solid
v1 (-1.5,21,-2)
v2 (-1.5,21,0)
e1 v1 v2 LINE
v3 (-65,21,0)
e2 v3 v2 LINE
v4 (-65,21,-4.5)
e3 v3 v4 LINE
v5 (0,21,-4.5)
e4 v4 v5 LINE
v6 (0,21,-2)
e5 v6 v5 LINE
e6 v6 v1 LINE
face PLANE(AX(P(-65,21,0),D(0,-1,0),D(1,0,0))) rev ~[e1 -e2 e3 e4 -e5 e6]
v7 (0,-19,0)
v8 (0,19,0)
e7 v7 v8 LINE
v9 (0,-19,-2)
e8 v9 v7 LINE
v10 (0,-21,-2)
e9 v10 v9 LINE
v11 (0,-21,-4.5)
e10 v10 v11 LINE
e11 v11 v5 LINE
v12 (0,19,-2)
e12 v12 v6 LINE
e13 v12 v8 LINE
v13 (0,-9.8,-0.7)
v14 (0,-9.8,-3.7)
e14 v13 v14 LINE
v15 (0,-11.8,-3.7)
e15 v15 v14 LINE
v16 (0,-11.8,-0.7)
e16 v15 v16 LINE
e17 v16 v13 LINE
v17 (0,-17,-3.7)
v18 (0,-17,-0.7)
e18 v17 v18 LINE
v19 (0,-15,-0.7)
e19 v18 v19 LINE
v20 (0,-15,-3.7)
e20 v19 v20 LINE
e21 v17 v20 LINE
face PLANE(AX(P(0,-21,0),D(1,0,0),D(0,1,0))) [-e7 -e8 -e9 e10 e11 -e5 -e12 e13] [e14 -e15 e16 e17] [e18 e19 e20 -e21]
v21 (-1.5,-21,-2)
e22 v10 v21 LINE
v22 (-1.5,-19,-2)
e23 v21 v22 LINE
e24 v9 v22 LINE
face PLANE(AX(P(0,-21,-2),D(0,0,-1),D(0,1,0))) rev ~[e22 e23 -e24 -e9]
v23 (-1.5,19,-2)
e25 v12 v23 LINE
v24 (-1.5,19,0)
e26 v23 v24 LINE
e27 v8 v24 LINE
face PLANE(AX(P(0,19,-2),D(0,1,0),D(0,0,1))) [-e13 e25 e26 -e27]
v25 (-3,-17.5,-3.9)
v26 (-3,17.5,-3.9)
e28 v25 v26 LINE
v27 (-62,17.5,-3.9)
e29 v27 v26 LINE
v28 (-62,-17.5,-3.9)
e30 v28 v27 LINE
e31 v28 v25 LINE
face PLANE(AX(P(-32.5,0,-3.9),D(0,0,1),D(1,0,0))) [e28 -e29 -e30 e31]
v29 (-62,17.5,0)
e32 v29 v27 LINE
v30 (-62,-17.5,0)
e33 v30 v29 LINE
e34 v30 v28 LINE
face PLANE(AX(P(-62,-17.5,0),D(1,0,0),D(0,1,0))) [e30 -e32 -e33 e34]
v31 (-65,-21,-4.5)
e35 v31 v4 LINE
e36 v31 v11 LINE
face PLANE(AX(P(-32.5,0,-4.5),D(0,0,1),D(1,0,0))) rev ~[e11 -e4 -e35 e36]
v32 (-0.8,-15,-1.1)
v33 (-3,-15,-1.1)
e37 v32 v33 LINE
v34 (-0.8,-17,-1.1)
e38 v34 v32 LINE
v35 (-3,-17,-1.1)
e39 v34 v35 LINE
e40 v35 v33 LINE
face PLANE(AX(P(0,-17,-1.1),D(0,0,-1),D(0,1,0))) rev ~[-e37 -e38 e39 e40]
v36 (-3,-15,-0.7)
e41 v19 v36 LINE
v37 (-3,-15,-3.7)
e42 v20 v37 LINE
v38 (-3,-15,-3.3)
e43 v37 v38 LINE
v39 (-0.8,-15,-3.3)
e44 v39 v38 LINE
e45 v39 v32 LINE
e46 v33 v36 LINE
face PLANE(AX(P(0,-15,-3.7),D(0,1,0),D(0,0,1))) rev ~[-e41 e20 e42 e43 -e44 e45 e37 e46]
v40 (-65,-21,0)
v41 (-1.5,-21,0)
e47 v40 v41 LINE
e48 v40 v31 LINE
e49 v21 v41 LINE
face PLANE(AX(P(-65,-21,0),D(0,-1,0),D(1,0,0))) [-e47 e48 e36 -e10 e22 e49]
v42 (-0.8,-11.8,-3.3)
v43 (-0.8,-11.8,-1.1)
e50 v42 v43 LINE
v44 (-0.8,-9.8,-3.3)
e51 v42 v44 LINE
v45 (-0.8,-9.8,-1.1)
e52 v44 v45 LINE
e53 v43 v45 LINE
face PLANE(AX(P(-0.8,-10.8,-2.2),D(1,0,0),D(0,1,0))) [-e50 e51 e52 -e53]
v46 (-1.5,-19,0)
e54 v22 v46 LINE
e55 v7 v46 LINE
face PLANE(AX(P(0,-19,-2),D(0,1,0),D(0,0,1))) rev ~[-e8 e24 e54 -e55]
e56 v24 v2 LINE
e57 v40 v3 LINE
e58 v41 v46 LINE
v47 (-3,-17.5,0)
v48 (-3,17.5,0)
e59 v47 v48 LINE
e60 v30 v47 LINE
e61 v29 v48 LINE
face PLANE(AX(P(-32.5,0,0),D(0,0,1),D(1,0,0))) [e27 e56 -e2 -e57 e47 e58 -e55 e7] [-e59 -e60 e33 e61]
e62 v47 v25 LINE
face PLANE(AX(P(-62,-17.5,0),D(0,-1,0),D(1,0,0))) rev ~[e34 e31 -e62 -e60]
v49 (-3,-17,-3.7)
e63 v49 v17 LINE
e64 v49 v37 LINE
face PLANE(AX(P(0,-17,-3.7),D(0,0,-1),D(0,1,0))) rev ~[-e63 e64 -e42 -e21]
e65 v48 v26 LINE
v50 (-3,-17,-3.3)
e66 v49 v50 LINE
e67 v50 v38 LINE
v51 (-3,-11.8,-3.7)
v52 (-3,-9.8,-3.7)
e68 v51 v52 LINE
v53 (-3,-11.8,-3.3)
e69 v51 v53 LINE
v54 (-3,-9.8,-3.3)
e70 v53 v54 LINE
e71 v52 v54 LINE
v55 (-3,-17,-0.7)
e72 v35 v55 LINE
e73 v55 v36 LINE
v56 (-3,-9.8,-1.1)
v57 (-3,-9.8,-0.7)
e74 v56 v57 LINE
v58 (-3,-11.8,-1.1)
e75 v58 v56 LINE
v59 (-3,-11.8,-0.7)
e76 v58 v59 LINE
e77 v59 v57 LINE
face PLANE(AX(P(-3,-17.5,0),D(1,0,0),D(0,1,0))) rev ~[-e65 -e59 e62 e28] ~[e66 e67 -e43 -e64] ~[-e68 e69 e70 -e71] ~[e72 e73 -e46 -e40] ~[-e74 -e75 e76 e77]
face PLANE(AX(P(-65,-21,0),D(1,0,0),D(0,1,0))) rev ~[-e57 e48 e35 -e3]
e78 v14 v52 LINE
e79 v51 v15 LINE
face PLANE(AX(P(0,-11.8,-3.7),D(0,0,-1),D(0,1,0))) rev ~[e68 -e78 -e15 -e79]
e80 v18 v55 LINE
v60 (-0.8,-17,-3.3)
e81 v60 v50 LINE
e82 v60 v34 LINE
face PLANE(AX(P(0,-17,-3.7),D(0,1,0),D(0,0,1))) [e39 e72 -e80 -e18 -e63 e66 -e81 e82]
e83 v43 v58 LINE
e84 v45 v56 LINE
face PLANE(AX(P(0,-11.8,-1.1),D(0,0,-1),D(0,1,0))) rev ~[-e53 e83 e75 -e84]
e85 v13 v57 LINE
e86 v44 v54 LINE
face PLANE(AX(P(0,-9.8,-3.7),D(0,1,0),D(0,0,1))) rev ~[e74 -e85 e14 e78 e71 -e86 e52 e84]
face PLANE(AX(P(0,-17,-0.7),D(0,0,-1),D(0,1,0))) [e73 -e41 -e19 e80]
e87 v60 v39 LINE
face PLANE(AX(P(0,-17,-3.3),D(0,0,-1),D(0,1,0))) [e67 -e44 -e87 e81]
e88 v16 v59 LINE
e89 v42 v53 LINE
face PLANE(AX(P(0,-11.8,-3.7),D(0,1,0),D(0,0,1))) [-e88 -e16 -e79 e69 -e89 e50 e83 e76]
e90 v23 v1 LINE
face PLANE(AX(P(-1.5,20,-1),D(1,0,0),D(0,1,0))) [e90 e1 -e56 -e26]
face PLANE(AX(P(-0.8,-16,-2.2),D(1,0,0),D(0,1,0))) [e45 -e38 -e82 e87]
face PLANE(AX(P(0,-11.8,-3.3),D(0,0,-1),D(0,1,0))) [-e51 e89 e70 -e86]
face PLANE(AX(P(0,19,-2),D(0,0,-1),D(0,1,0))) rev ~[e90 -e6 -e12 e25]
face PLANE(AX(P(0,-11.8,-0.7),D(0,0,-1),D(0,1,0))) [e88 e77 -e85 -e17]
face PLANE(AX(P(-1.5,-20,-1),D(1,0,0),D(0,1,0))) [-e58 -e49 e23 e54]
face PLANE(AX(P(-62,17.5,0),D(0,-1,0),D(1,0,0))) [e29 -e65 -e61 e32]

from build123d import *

# Parameters (mm, degrees)
SKETCH_W        = 65
SKETCH_H        = 42
PAD_DEPTH       = 4.5
SKETCH001_W     = 2
SKETCH001_H     = 2
POCKET_DEPTH    = 1.5
SKETCH002_W     = 2
SKETCH002_H     = 3
POCKET001_DEPTH = 0.8
SKETCH003_W     = 59
SKETCH003_H     = 35
POCKET002_DEPTH = 3.9
SKETCH004_W     = 2
SKETCH004_H     = 0.4
POCKET003_DEPTH = 5


with BuildPart() as part:
    # Sketch → Pad (new body)
    with BuildSketch(Plane.XY):
        with Locations((-32.5, 0)):
            Rectangle(SKETCH_W, SKETCH_H)
    extrude(amount=-PAD_DEPTH)

    # Sketch001 → Pocket (cut)
    with BuildSketch(Plane.YZ):
        with Locations((-20, -1)):
            Rectangle(SKETCH001_W, SKETCH001_H)
        with Locations((20, -1)):
            Rectangle(SKETCH001_W, SKETCH001_H)
    extrude(amount=-POCKET_DEPTH, mode=Mode.SUBTRACT)

    # Sketch002 → Pocket001 (cut)
    with BuildSketch(Plane.YZ):
        with Locations((-16, -2.2)):
            Rectangle(SKETCH002_W, SKETCH002_H)
        with Locations((-10.8, -2.2)):
            Rectangle(SKETCH002_W, SKETCH002_H)
    extrude(amount=-POCKET001_DEPTH, mode=Mode.SUBTRACT)

    # Sketch003 → Pocket002 (cut)
    with BuildSketch(Plane.XY):
        with Locations((-32.5, 0)):
            Rectangle(SKETCH003_W, SKETCH003_H)
    extrude(amount=-POCKET002_DEPTH, mode=Mode.SUBTRACT)

    # Sketch004 → Pocket003 (cut)
    with BuildSketch(Plane.YZ):
        with Locations((-16, -0.9)):
            Rectangle(SKETCH004_W, SKETCH004_H)
        with Locations((-16, -3.5)):
            Rectangle(SKETCH004_W, SKETCH004_H)
        with Locations((-10.8, -0.9)):
            Rectangle(SKETCH004_W, SKETCH004_H)
        with Locations((-10.8, -3.5)):
            Rectangle(SKETCH004_W, SKETCH004_H)
    extrude(amount=-POCKET003_DEPTH, mode=Mode.SUBTRACT)


solid = part.part
